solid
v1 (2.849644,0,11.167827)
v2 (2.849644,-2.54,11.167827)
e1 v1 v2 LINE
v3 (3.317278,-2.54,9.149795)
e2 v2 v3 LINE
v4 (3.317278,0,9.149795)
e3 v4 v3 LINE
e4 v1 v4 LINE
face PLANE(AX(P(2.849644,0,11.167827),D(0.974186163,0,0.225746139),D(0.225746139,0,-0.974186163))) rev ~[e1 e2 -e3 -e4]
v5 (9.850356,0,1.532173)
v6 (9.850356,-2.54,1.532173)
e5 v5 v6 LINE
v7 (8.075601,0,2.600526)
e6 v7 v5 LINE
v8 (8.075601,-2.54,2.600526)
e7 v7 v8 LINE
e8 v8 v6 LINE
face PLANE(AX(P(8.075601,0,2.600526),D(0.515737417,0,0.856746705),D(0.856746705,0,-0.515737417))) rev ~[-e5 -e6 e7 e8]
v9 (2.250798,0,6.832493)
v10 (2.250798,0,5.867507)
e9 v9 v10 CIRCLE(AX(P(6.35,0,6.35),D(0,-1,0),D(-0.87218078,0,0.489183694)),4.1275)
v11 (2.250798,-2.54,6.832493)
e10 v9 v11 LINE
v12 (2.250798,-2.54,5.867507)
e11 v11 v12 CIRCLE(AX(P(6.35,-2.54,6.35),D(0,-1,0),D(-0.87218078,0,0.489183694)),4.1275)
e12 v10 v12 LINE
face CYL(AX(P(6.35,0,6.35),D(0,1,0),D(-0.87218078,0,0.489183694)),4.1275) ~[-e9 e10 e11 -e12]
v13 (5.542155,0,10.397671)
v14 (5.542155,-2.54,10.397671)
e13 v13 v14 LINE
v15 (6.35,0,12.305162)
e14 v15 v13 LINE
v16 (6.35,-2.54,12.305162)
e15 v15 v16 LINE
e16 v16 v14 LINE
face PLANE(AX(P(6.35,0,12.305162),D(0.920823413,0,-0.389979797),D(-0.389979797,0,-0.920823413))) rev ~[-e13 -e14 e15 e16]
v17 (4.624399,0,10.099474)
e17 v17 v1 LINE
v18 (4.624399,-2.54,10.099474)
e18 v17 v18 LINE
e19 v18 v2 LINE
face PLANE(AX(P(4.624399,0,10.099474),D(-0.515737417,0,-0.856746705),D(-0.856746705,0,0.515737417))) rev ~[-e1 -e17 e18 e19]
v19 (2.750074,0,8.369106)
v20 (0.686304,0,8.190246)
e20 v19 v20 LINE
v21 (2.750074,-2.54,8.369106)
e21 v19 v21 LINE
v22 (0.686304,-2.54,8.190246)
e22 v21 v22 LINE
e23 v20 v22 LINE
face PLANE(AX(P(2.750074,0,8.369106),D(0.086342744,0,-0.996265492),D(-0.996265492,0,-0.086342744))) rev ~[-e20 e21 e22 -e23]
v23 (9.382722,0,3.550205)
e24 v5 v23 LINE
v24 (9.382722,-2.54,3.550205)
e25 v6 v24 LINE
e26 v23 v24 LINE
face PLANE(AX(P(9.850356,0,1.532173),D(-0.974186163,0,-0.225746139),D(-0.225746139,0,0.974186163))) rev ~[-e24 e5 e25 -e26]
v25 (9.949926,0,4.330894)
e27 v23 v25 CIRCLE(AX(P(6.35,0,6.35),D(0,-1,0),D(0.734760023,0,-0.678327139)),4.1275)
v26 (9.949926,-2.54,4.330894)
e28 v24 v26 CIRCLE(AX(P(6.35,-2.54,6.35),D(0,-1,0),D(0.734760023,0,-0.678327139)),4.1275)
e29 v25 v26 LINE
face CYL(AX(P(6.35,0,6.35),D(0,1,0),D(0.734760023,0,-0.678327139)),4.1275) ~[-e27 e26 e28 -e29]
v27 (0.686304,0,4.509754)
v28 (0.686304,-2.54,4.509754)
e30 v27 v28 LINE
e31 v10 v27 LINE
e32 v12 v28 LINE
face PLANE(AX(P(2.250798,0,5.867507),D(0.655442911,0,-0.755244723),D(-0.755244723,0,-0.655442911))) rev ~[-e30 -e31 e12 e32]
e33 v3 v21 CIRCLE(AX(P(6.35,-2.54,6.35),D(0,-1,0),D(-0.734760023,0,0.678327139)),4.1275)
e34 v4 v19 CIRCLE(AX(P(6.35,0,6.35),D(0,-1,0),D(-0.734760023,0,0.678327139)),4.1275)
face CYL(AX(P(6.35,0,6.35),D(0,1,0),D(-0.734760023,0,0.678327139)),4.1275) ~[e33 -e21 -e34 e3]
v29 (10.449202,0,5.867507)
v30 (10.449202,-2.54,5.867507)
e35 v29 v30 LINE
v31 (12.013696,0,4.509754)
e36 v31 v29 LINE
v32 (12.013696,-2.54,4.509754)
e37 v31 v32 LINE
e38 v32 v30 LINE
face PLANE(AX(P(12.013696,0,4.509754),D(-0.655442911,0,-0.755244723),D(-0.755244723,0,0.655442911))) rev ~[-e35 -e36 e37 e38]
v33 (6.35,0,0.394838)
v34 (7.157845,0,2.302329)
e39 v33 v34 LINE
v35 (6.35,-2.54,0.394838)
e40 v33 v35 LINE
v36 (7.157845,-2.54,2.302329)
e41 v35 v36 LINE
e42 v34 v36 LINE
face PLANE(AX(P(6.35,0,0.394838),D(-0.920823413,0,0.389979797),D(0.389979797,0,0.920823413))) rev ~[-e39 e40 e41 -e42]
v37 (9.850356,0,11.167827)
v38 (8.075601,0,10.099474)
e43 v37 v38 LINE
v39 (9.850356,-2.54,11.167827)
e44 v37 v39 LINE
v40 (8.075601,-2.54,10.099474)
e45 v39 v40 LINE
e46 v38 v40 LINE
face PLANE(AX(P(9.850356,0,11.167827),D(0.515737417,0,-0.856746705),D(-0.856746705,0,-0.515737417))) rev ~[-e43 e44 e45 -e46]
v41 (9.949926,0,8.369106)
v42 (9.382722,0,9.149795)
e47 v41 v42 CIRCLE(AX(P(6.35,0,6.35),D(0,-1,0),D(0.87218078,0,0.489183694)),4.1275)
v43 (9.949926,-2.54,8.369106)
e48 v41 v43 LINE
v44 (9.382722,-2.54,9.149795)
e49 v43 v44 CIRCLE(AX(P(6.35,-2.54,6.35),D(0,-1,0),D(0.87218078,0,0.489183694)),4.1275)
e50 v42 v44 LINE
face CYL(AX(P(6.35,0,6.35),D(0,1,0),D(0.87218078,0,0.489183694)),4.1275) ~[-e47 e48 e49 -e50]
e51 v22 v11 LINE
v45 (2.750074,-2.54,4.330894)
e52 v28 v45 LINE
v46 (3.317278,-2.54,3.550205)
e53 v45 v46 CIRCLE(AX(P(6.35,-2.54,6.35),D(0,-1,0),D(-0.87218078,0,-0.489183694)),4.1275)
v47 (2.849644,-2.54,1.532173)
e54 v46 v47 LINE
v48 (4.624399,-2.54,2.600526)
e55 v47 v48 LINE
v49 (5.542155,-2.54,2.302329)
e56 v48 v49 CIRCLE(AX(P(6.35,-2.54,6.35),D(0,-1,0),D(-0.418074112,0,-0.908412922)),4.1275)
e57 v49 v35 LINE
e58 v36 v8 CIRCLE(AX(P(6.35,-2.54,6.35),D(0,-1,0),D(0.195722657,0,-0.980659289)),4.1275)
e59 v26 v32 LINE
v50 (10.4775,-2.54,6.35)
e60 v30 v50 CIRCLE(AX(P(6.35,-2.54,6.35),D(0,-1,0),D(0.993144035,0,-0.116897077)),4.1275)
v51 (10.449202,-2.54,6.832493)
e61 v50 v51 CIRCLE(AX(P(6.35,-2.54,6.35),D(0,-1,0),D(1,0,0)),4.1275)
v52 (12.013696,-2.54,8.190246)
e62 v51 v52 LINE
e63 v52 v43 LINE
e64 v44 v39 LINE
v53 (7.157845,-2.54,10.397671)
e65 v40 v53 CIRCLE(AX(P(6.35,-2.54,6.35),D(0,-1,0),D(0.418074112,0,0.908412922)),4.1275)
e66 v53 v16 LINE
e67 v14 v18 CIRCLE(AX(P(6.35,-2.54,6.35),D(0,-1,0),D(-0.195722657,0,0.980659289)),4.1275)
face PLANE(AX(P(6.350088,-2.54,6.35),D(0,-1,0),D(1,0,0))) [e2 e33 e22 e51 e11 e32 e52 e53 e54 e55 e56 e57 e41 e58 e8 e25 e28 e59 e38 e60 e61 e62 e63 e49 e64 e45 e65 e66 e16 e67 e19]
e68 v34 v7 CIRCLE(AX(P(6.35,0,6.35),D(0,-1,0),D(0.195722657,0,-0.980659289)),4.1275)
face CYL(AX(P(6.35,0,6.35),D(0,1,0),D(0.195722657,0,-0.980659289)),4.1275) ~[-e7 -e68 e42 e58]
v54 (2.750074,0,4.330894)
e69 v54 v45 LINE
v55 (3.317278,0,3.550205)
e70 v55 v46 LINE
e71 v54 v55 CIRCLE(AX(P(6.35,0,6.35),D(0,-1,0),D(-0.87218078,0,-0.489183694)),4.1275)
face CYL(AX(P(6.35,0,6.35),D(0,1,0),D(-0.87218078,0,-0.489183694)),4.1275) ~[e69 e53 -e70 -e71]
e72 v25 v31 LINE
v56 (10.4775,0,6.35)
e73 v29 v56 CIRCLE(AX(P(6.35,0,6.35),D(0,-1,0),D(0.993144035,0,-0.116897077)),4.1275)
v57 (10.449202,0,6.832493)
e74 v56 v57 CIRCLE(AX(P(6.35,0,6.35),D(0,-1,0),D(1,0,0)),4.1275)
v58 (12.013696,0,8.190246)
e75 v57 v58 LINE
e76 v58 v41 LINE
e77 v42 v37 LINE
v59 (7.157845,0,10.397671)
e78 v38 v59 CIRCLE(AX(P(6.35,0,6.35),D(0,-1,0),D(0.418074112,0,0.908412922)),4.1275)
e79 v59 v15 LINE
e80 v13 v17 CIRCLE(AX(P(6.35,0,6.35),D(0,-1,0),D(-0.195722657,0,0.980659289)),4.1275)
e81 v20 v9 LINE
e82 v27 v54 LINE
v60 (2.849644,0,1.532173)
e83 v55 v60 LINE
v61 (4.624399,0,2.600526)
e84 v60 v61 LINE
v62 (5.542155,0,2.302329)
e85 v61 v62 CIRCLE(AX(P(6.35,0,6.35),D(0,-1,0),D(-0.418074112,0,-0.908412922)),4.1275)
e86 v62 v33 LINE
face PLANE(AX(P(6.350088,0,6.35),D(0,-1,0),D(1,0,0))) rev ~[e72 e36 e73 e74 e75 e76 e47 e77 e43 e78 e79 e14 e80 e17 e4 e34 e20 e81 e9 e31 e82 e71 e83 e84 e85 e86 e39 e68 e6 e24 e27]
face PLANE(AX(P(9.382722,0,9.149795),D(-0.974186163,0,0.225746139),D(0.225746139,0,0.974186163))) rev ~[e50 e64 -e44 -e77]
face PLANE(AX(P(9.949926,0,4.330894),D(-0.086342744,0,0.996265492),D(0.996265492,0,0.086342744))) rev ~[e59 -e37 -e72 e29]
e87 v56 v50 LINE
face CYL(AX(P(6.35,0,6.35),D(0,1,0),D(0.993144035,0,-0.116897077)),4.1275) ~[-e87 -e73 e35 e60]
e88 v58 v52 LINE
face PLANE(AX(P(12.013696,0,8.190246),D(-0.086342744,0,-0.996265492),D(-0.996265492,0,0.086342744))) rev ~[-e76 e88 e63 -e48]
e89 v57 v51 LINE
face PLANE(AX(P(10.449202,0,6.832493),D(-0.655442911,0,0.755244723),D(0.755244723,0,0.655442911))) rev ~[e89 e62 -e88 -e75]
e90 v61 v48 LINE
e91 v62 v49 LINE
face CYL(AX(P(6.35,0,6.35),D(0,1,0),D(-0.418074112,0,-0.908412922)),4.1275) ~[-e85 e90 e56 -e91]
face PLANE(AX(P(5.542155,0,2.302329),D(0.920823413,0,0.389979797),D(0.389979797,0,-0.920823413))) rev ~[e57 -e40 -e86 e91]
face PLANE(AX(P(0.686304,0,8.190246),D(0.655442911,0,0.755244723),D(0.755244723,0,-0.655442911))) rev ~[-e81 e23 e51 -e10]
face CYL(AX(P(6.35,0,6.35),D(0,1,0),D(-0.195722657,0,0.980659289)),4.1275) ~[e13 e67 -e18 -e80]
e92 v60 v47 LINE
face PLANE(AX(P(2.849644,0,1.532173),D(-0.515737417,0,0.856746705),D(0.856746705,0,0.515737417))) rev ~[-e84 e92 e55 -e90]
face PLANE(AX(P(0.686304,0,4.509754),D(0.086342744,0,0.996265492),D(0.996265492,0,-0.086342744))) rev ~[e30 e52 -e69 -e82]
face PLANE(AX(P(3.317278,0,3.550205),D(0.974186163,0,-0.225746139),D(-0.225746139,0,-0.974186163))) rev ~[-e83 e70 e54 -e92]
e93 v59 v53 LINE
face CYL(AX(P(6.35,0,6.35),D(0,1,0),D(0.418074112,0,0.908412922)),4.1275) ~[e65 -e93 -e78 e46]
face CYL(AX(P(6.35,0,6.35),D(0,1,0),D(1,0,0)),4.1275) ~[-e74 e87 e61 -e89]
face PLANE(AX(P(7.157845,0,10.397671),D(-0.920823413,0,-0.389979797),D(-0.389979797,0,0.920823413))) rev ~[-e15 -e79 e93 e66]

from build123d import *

# Parameters (mm, degrees)
F1_DEPTH = 2.54


with BuildPart() as f1:
    # F0 (on Front) → F1 (new body)
    with BuildSketch(Plane.XZ):
        with BuildLine():
            ThreePointArc((10.4492020023, 5.8675073116), (10.4704194273, 6.1083390955), (10.4775, 6.35))
            ThreePointArc((10.4775, 6.35), (10.4704194273, 6.5916609045), (10.4492020023, 6.8324926884))
            Line((10.4492020023, 6.8324926884), (9.9499261698, 8.3691056985))
            ThreePointArc((9.9499261698, 8.3691056985), (9.6892176443, 8.7760836288), (9.3827219966, 9.1497952677))
            Line((9.3827219966, 9.1497952677), (8.0756008975, 10.0994743355))
            ThreePointArc((8.0756008975, 10.0994743355), (7.6254676443, 10.275485771), (7.1578452667, 10.3976712163))
            Line((7.1578452667, 10.3976712163), (5.5421547333, 10.3976712163))
            ThreePointArc((5.5421547333, 10.3976712163), (5.0745323557, 10.275485771), (4.6243991025, 10.0994743355))
            Line((4.6243991025, 10.0994743355), (3.3172780034, 9.1497952677))
            ThreePointArc((3.3172780034, 9.1497952677), (3.0107823557, 8.7760836288), (2.7500738302, 8.3691056985))
            Line((2.7500738302, 8.3691056985), (2.2507979977, 6.8324926884))
            ThreePointArc((2.2507979977, 6.8324926884), (2.2225, 6.35), (2.2507979977, 5.8675073116))
            Line((2.2507979977, 5.8675073116), (2.7500738302, 4.3308943015))
            ThreePointArc((2.7500738302, 4.3308943015), (3.0107823557, 3.9239163712), (3.3172780034, 3.5502047323))
            Line((3.3172780034, 3.5502047323), (4.6243991025, 2.6005256645))
            ThreePointArc((4.6243991025, 2.6005256645), (5.0745323557, 2.424514229), (5.5421547333, 2.3023287837))
            Line((5.5421547333, 2.3023287837), (7.1578452667, 2.3023287837))
            ThreePointArc((7.1578452667, 2.3023287837), (7.6254676443, 2.424514229), (8.0756008975, 2.6005256645))
            Line((8.0756008975, 2.6005256645), (9.3827219966, 3.5502047323))
            ThreePointArc((9.3827219966, 3.5502047323), (9.6892176443, 3.9239163712), (9.9499261698, 4.3308943015))
            Line((9.9499261698, 4.3308943015), (10.4492020023, 5.8675073116))
        make_face()
        with BuildLine():
            Line((9.9499261698, 8.3691056985), (10.4492020023, 6.8324926884))
            ThreePointArc((10.4492020023, 6.8324926884), (10.275485771, 7.6254676443), (9.9499261698, 8.3691056985))
        make_face()
        with BuildLine():
            ThreePointArc((9.9499261698, 8.3691056985), (10.275485771, 7.6254676443), (10.4492020023, 6.8324926884))
            Line((10.4492020023, 6.8324926884), (12.0136955455, 8.1902462362))
            Line((12.0136955455, 8.1902462362), (9.9499261698, 8.3691056985))
        make_face()
        with BuildLine():
            Line((12.0136955455, 4.5097537638), (10.4492020023, 5.8675073116))
            ThreePointArc((10.4492020023, 5.8675073116), (10.275485771, 5.0745323557), (9.9499261698, 4.3308943015))
            Line((9.9499261698, 4.3308943015), (12.0136955455, 4.5097537638))
        make_face()
        with BuildLine():
            ThreePointArc((9.9499261698, 4.3308943015), (10.275485771, 5.0745323557), (10.4492020023, 5.8675073116))
            Line((10.4492020023, 5.8675073116), (9.9499261698, 4.3308943015))
        make_face()
        with BuildLine():
            Line((8.0756008975, 10.0994743355), (9.3827219966, 9.1497952677))
            ThreePointArc((9.3827219966, 9.1497952677), (8.7760836288, 9.6892176443), (8.0756008975, 10.0994743355))
        make_face()
        with BuildLine():
            ThreePointArc((8.0756008975, 10.0994743355), (8.7760836288, 9.6892176443), (9.3827219966, 9.1497952677))
            Line((9.3827219966, 9.1497952677), (9.8503563491, 11.1678271941))
            Line((9.8503563491, 11.1678271941), (8.0756008975, 10.0994743355))
        make_face()
        with BuildLine():
            Line((9.8503563491, 1.5321728059), (9.3827219966, 3.5502047323))
            ThreePointArc((9.3827219966, 3.5502047323), (8.7760836288, 3.0107823557), (8.0756008975, 2.6005256645))
            Line((8.0756008975, 2.6005256645), (9.8503563491, 1.5321728059))
        make_face()
        with BuildLine():
            ThreePointArc((8.0756008975, 2.6005256645), (8.7760836288, 3.0107823557), (9.3827219966, 3.5502047323))
            Line((9.3827219966, 3.5502047323), (8.0756008975, 2.6005256645))
        make_face()
        with BuildLine():
            Line((5.5421547333, 10.3976712163), (7.1578452667, 10.3976712163))
            ThreePointArc((7.1578452667, 10.3976712163), (6.35, 10.4775), (5.5421547333, 10.3976712163))
        make_face()
        with BuildLine():
            ThreePointArc((5.5421547333, 10.3976712163), (6.35, 10.4775), (7.1578452667, 10.3976712163))
            Line((7.1578452667, 10.3976712163), (6.35, 12.3051619157))
            Line((6.35, 12.3051619157), (5.5421547333, 10.3976712163))
        make_face()
        with BuildLine():
            Line((6.35, 0.3948380843), (7.1578452667, 2.3023287837))
            ThreePointArc((7.1578452667, 2.3023287837), (6.35, 2.2225), (5.5421547333, 2.3023287837))
            Line((5.5421547333, 2.3023287837), (6.35, 0.3948380843))
        make_face()
        with BuildLine():
            ThreePointArc((5.5421547333, 2.3023287837), (6.35, 2.2225), (7.1578452667, 2.3023287837))
            Line((7.1578452667, 2.3023287837), (5.5421547333, 2.3023287837))
        make_face()
        with BuildLine():
            Line((3.3172780034, 9.1497952677), (4.6243991025, 10.0994743355))
            ThreePointArc((4.6243991025, 10.0994743355), (3.9239163712, 9.6892176443), (3.3172780034, 9.1497952677))
        make_face()
        with BuildLine():
            ThreePointArc((3.3172780034, 9.1497952677), (3.9239163712, 9.6892176443), (4.6243991025, 10.0994743355))
            Line((4.6243991025, 10.0994743355), (2.8496436509, 11.1678271941))
            Line((2.8496436509, 11.1678271941), (3.3172780034, 9.1497952677))
        make_face()
        with BuildLine():
            Line((2.8496436509, 1.5321728059), (4.6243991025, 2.6005256645))
            ThreePointArc((4.6243991025, 2.6005256645), (3.9239163712, 3.0107823557), (3.3172780034, 3.5502047323))
            Line((3.3172780034, 3.5502047323), (2.8496436509, 1.5321728059))
        make_face()
        with BuildLine():
            ThreePointArc((3.3172780034, 3.5502047323), (3.9239163712, 3.0107823557), (4.6243991025, 2.6005256645))
            Line((4.6243991025, 2.6005256645), (3.3172780034, 3.5502047323))
        make_face()
        with BuildLine():
            Line((2.2507979977, 6.8324926884), (2.7500738302, 8.3691056985))
            ThreePointArc((2.7500738302, 8.3691056985), (2.424514229, 7.6254676443), (2.2507979977, 6.8324926884))
        make_face()
        with BuildLine():
            ThreePointArc((2.2507979977, 6.8324926884), (2.424514229, 7.6254676443), (2.7500738302, 8.3691056985))
            Line((2.7500738302, 8.3691056985), (0.6863044545, 8.1902462362))
            Line((0.6863044545, 8.1902462362), (2.2507979977, 6.8324926884))
        make_face()
        with BuildLine():
            Line((0.6863044545, 4.5097537638), (2.7500738302, 4.3308943015))
            ThreePointArc((2.7500738302, 4.3308943015), (2.424514229, 5.0745323557), (2.2507979977, 5.8675073116))
            Line((2.2507979977, 5.8675073116), (0.6863044545, 4.5097537638))
        make_face()
        with BuildLine():
            ThreePointArc((2.2507979977, 5.8675073116), (2.424514229, 5.0745323557), (2.7500738302, 4.3308943015))
            Line((2.7500738302, 4.3308943015), (2.2507979977, 5.8675073116))
        make_face()
    extrude(amount=F1_DEPTH)


solid = f1.part
